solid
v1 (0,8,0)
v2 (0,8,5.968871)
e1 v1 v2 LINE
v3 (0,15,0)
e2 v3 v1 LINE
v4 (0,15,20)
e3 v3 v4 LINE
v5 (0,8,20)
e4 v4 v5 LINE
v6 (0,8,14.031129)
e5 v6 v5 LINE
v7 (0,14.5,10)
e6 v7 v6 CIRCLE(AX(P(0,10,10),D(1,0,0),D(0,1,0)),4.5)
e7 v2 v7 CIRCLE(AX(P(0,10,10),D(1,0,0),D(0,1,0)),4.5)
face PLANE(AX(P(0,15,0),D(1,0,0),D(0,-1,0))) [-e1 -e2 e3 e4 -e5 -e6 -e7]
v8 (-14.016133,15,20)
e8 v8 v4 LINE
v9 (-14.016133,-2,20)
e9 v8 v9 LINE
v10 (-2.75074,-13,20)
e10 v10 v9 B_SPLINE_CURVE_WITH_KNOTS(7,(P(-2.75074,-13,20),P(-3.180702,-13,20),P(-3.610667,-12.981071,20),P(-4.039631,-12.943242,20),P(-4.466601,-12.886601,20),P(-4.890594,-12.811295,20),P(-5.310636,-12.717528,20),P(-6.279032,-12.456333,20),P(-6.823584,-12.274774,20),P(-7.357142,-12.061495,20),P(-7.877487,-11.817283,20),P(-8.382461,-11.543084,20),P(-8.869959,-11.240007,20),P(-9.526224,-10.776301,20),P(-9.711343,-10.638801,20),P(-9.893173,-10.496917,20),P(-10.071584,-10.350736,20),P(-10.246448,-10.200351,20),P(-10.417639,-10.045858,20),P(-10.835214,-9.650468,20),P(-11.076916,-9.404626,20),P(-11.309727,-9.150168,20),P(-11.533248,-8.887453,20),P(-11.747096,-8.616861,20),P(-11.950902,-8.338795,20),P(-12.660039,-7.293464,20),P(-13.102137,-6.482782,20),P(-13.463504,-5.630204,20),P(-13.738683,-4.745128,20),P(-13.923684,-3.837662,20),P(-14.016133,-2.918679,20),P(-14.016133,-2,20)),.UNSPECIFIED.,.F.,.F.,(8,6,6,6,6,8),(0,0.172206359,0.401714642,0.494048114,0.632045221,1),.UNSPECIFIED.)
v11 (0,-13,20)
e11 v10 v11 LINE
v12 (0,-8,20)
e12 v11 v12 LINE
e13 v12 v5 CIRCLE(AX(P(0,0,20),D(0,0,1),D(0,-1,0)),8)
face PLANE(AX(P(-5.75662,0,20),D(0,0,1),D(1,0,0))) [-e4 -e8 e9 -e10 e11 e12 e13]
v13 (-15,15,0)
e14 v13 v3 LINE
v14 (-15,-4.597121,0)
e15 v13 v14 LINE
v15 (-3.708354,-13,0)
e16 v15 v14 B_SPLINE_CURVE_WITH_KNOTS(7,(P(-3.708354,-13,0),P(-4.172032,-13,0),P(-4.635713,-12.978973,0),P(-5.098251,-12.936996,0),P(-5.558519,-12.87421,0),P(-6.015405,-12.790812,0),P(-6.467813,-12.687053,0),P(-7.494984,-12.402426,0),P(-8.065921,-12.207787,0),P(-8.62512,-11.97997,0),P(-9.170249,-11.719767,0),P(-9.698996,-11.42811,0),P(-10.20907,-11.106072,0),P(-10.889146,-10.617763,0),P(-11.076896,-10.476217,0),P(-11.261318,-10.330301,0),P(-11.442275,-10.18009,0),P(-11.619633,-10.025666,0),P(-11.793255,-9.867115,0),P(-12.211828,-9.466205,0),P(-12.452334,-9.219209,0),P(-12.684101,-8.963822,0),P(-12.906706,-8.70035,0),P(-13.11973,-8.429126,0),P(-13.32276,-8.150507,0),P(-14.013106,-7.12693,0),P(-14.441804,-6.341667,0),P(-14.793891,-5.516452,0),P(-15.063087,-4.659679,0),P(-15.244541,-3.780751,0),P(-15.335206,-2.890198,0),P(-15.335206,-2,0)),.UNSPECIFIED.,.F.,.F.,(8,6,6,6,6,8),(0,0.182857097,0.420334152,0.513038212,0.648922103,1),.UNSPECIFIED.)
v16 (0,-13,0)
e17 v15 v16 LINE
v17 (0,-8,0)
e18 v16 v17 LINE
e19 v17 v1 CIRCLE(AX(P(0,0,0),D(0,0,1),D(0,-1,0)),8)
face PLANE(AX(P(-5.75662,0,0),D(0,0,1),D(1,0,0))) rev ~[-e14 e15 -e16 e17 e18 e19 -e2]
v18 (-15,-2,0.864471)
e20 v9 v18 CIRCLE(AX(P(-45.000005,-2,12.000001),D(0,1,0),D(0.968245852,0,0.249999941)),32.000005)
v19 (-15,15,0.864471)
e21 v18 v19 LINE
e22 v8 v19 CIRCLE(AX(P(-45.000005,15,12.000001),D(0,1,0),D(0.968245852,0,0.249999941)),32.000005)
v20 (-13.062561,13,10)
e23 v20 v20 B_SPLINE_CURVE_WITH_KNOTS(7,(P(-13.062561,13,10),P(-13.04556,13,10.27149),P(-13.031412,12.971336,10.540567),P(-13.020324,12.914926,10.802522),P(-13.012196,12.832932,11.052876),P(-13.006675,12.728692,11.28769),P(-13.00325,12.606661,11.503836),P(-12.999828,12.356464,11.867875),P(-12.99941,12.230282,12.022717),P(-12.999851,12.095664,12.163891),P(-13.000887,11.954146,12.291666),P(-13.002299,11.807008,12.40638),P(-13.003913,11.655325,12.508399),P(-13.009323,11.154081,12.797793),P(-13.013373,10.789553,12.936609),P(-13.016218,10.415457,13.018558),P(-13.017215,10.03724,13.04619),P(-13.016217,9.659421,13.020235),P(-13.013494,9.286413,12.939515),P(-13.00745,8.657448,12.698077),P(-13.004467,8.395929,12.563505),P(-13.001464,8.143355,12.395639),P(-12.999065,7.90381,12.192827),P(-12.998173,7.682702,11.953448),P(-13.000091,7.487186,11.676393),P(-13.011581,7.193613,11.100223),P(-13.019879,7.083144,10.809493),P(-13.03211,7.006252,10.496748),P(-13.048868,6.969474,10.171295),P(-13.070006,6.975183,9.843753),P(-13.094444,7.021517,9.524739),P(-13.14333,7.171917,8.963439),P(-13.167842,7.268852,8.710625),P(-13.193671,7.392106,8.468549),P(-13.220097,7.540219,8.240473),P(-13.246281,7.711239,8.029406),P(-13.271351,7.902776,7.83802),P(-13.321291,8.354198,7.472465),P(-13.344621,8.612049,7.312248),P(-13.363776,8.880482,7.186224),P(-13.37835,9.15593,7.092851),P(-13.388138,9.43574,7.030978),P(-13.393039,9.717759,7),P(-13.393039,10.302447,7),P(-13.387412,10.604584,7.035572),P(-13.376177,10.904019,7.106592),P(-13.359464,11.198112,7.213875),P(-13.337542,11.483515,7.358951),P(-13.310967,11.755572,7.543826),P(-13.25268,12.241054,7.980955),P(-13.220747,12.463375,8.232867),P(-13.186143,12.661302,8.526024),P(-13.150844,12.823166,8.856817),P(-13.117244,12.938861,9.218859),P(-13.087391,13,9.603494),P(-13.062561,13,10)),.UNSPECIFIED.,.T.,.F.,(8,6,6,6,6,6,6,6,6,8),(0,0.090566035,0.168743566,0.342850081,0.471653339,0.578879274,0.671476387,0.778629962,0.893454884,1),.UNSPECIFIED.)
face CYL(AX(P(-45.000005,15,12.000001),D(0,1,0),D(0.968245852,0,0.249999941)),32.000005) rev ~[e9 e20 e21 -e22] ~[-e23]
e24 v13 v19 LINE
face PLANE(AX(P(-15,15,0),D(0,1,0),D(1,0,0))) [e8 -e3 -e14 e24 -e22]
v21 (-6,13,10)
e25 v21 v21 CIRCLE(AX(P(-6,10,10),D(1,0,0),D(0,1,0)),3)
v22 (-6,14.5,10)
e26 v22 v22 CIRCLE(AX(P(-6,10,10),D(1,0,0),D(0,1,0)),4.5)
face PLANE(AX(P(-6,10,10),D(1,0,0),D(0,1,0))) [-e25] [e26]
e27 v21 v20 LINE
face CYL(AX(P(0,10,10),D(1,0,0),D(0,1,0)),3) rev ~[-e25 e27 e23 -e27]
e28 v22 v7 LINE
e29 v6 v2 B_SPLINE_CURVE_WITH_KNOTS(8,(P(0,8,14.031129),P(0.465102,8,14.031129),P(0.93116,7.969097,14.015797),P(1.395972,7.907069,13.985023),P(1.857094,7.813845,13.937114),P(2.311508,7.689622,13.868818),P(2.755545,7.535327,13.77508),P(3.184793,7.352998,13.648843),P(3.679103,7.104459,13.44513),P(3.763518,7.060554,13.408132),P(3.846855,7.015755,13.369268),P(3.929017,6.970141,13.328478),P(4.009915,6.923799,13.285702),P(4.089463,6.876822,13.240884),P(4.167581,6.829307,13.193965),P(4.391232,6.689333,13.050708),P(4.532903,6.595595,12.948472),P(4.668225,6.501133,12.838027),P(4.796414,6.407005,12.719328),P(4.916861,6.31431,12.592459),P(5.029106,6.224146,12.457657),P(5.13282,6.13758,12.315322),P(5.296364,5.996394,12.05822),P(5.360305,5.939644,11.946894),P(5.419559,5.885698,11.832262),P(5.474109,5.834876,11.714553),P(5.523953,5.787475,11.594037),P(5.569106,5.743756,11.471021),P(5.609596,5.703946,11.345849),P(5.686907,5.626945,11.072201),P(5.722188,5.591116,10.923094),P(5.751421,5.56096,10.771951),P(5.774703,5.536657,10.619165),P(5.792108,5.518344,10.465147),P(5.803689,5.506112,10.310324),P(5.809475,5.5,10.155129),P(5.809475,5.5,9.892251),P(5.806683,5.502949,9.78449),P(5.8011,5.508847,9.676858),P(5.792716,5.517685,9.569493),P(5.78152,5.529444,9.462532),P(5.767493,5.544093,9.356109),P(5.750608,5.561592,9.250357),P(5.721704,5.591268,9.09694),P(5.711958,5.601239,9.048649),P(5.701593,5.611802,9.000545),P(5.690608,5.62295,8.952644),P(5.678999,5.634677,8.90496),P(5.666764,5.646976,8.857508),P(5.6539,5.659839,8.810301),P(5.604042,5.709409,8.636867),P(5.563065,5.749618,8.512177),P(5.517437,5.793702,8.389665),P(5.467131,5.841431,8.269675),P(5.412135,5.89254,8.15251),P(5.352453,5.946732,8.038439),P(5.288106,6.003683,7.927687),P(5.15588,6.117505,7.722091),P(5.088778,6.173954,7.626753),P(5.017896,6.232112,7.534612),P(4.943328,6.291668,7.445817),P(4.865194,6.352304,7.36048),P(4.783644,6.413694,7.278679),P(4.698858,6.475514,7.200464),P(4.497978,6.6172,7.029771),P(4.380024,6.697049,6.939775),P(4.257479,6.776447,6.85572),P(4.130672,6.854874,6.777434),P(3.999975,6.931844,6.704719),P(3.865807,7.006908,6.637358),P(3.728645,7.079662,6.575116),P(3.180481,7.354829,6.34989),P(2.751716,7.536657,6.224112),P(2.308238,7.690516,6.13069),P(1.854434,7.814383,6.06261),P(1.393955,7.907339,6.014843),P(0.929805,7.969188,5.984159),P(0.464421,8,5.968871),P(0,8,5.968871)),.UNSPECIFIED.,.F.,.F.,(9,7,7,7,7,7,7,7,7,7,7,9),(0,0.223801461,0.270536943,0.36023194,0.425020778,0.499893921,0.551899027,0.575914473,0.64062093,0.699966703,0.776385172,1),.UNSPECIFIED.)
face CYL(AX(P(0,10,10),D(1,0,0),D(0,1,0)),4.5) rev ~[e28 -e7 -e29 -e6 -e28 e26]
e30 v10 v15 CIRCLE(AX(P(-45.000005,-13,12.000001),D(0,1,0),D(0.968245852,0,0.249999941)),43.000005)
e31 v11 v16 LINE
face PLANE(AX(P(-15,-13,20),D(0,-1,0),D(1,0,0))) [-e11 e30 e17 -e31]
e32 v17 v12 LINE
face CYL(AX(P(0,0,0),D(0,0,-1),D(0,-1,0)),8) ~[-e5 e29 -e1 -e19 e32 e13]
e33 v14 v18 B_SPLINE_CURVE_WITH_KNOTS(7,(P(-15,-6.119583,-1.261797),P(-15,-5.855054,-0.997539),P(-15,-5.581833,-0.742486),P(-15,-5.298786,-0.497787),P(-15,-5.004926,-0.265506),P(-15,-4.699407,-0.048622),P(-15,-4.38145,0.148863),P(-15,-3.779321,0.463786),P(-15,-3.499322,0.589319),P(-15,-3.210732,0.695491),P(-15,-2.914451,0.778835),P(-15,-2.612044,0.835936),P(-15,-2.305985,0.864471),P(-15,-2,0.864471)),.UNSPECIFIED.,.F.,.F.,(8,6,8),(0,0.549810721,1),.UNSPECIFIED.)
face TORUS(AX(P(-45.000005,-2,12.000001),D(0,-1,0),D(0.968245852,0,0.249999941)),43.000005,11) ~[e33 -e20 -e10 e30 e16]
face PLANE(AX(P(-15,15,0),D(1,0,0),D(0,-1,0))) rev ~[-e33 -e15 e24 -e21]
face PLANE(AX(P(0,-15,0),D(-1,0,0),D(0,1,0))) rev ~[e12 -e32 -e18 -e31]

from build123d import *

# Parameters (mm, degrees)
PAD_DEPTH       = 20
POCKET_DEPTH    = 30.001
SKETCH002_R     = 4.5
POCKET001_DEPTH = 6
SKETCH003_R     = 3
POCKET002_DEPTH = 15.001
SKETCH004_W     = 15
SKETCH004_H     = 2
POCKET003_DEPTH = 20.001
FILLET_R        = 11


with BuildPart() as part:
    # Sketch → Pad (new body)
    with BuildSketch(Plane.XY):
        with BuildLine():
            Line((-15, -15), (0, -15))
            Line((0, -15), (0, -8))
            ThreePointArc((0, -8), (8, 0), (0, 8))
            Line((0, 15), (0, 8))
            Line((-15, 15), (0, 15))
            Line((-15, 15), (-15, -15))
        make_face()
    extrude(amount=PAD_DEPTH)

    # Sketch001 → Pocket (cut, through all)
    with BuildSketch(Plane(origin=(0, 15, 0), x_dir=(-1, 0, 0), z_dir=(0, 1, 0))):
        with BuildLine():
            Line((19.016133, 20), (19.016133, 0))
            Line((19.016133, 0), (15.335206, 0))
            ThreePointArc((14.016133, 20), (13.069372, 9.894059), (15.335206, 0))
            Line((19.016133, 20), (14.016133, 20))
        make_face()
    extrude(amount=-POCKET_DEPTH, mode=Mode.SUBTRACT)

    # Sketch002 → Pocket001 (cut, symmetric)
    with BuildSketch(Plane.YZ):
        with Locations((10, 10)):
            Circle(SKETCH002_R)
    extrude(amount=POCKET001_DEPTH, both=True, mode=Mode.SUBTRACT)

    # Sketch003 → Pocket002 (cut, through all)
    with BuildSketch(Plane.YZ):
        with Locations((10, 10)):
            Circle(SKETCH003_R)
    extrude(amount=-POCKET002_DEPTH, mode=Mode.SUBTRACT)

    # Sketch004 → Pocket003 (cut, through all)
    with BuildSketch(Plane.XY.offset(20)):
        with Locations((-7.5, -14)):
            Rectangle(SKETCH004_W, SKETCH004_H)
    extrude(amount=-POCKET003_DEPTH, mode=Mode.SUBTRACT)

    # Fillet
    fillet_edges = [part.edges().sort_by_distance(p)[0] for p in [
        (-13.042214, -13, 10.356868),
    ]]
    fillet(fillet_edges, radius=FILLET_R)


solid = part.part
